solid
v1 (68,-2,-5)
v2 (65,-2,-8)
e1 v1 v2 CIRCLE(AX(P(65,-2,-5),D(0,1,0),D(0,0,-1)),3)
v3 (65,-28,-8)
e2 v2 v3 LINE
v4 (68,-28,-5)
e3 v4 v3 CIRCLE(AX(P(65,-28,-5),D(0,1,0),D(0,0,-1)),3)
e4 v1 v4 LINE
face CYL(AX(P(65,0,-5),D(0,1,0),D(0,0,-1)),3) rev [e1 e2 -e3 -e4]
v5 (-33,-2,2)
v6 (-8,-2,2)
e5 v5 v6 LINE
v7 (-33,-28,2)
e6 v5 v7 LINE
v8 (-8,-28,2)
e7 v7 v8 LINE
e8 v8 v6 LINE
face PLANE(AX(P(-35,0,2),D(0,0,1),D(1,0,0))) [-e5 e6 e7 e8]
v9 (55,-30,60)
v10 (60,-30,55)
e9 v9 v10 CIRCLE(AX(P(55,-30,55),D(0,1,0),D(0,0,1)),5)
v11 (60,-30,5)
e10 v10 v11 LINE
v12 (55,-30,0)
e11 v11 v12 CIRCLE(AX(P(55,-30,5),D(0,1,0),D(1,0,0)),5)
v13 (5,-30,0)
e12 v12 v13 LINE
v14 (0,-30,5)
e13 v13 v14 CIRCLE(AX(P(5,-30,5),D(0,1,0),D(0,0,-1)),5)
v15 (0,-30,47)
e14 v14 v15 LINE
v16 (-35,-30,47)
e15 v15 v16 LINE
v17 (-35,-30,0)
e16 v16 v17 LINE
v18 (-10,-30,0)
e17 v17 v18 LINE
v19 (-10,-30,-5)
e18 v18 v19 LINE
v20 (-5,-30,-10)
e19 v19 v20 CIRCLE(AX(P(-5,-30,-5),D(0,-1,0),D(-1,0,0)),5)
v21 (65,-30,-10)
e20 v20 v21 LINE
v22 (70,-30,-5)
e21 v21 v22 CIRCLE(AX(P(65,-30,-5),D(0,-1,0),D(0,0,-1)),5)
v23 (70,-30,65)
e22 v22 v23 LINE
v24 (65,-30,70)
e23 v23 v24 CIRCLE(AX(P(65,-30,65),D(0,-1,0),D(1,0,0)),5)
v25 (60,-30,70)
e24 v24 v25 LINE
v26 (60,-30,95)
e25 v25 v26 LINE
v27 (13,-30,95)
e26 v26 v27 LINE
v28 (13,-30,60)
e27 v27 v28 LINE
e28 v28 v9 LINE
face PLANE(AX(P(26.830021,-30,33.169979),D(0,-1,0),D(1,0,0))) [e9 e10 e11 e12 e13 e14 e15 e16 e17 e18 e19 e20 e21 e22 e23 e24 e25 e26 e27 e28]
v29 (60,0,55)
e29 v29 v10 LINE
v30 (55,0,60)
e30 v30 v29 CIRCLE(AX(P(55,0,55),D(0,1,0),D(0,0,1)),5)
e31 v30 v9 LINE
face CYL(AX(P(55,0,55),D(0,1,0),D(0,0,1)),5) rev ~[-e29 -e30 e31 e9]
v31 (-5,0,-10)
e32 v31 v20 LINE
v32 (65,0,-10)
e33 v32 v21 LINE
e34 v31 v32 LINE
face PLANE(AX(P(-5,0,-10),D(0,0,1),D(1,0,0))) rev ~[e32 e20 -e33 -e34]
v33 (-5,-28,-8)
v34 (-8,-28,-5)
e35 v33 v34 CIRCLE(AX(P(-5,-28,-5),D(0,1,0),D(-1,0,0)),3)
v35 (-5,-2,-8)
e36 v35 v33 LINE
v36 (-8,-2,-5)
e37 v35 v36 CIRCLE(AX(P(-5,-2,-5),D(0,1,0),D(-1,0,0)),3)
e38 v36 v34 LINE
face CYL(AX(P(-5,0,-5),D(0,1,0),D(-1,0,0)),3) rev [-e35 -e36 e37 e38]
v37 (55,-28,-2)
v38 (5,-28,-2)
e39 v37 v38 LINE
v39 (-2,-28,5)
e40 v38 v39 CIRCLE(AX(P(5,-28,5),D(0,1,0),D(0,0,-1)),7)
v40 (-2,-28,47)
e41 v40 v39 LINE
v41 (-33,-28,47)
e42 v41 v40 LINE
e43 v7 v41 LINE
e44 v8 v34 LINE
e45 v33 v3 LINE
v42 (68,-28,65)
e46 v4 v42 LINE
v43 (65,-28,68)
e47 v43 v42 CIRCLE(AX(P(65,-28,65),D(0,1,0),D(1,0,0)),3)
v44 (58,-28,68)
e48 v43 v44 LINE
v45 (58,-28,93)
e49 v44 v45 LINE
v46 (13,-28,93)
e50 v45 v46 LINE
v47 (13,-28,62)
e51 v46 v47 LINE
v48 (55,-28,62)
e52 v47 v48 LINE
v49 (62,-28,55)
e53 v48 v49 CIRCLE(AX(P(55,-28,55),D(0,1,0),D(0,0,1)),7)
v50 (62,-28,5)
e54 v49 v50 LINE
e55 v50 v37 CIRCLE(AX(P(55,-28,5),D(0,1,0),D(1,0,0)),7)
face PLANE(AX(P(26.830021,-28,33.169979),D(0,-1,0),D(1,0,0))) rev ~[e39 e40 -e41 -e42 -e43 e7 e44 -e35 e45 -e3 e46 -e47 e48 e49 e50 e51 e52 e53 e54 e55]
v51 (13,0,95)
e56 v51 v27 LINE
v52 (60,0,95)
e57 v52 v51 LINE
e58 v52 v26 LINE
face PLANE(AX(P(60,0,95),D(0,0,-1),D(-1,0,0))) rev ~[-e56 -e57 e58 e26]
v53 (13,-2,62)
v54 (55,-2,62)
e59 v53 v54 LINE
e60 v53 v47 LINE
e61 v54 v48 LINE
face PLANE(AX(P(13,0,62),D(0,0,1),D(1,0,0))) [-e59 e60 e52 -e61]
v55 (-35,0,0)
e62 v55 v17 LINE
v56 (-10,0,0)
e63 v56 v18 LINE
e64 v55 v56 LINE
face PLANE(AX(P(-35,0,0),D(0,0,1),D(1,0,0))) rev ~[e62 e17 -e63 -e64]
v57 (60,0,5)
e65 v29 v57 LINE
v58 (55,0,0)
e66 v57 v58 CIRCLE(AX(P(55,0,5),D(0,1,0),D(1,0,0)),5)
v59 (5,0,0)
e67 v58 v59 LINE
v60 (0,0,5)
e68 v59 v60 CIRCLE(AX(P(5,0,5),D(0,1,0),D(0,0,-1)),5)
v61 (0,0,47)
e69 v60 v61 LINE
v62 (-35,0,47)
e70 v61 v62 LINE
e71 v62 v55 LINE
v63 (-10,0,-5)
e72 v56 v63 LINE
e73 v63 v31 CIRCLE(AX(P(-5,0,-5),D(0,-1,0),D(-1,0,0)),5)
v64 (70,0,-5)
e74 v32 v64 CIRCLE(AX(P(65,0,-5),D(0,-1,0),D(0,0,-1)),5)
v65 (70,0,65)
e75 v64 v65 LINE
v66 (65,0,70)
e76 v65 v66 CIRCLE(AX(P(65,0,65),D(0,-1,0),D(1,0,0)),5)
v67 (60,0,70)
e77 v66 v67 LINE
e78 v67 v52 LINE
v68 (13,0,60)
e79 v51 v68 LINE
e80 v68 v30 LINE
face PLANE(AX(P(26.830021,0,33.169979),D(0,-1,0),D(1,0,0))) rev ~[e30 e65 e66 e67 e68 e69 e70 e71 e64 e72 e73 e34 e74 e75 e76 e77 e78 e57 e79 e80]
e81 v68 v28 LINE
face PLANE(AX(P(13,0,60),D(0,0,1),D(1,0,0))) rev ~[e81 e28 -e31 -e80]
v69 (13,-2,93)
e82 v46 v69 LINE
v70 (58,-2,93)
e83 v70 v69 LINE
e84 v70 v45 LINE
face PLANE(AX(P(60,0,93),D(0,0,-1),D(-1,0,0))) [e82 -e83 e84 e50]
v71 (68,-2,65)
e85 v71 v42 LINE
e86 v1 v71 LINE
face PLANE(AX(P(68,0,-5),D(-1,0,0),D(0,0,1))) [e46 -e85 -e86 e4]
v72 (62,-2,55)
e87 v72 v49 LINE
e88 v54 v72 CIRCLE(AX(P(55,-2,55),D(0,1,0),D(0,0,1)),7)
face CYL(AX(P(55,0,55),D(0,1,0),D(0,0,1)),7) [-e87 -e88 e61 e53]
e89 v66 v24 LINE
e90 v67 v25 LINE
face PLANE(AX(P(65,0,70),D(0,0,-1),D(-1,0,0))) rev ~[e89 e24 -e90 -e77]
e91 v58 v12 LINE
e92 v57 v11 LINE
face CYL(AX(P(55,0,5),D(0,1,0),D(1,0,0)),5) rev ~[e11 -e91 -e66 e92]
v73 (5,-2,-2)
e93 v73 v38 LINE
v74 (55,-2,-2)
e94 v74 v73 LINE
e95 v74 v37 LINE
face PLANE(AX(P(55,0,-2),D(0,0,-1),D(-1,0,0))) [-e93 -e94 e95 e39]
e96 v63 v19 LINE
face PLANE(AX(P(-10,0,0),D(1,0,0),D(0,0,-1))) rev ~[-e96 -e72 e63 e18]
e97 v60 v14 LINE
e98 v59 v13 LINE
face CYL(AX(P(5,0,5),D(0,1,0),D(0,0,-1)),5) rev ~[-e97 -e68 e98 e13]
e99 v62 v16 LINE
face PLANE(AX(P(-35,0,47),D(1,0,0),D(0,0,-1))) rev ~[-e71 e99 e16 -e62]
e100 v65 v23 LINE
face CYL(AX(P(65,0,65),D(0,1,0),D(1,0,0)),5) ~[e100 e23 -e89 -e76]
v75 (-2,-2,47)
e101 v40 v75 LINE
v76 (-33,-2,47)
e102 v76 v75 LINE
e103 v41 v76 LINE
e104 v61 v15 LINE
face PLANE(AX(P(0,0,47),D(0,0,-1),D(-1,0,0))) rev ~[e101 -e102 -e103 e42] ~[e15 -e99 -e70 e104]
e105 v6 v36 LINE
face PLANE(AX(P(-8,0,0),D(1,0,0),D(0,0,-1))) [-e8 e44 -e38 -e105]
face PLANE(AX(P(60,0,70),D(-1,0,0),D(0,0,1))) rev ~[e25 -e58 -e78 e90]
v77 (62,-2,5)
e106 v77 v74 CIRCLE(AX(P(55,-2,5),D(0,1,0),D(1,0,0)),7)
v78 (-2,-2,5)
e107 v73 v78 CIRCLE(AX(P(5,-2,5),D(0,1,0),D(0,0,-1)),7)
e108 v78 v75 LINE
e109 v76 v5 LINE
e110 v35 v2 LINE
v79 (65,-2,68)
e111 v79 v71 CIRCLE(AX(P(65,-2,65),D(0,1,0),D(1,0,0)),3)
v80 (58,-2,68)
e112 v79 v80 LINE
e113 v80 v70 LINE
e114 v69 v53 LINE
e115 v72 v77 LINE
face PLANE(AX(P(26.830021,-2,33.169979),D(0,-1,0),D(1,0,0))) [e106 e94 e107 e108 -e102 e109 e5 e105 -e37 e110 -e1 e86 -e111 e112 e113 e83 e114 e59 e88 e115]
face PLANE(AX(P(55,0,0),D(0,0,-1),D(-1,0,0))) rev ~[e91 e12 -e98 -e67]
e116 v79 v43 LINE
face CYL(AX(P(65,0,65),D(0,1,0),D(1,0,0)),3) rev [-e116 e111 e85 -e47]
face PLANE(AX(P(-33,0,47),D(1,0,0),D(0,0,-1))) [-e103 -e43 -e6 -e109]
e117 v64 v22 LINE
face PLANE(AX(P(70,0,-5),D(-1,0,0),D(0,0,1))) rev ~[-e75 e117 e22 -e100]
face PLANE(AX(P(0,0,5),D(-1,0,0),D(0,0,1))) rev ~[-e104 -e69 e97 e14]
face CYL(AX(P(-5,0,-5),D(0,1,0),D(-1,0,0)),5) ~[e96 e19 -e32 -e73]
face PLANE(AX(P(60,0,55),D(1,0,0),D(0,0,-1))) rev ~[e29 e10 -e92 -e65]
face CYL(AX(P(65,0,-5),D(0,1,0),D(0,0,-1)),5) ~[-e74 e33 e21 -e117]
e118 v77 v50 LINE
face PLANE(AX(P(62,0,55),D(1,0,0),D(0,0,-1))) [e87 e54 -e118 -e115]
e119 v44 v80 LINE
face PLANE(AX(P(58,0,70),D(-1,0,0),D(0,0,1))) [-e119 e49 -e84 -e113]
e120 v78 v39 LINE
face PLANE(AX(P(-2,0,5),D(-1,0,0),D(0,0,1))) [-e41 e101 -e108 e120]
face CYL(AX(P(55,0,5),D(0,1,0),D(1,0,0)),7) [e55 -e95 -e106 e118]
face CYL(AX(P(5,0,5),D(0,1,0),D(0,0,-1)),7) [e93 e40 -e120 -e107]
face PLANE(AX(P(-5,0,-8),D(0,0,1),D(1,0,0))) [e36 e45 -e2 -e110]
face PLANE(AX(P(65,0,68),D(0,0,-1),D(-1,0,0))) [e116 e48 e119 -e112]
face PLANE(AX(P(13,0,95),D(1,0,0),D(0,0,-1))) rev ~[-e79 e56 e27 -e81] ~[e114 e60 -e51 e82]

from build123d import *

# Parameters (mm, degrees)
F1_DEPTH = 30
F2_T     = -2
F4_W     = 31
F4_H     = 26
F5_DEPTH = 4


with BuildPart() as f1:
    # F0 (on Front) → F1 (new body)
    with BuildSketch(Plane.XZ):
        with BuildLine():
            ThreePointArc((5, 0), (1.4644660941, 1.4644660941), (0, 5))
            Line((0, 5), (0, 47))
            Line((0, 47), (-35, 47))
            Line((-35, 47), (-35, 0))
            Line((-35, 0), (-10, 0))
            Line((-10, 0), (-10, -5))
            ThreePointArc((-10, -5), (-8.5355339059, -8.5355339059), (-5, -10))
            Line((-5, -10), (65, -10))
            ThreePointArc((65, -10), (68.5355339059, -8.5355339059), (70, -5))
            Line((70, -5), (70, 65))
            ThreePointArc((70, 65), (68.5355339059, 68.5355339059), (65, 70))
            Line((65, 70), (60, 70))
            Line((60, 70), (60, 95))
            Line((60, 95), (13, 95))
            Line((13, 95), (13, 60))
            Line((13, 60), (55, 60))
            ThreePointArc((55, 60), (58.5355339059, 58.5355339059), (60, 55))
            Line((60, 55), (60, 5))
            ThreePointArc((60, 5), (58.5355339059, 1.4644660941), (55, 0))
            Line((55, 0), (5, 0))
        make_face()
    extrude(amount=F1_DEPTH)

    # F2
    f2_openings = [f1.faces().sort_by_distance(p)[0] for p in [
        (13, -15, 77.5),
    ]]
    offset(amount=F2_T, openings=f2_openings, kind=Kind.INTERSECTION)

    # F4 (on offset) → F5 (cut)
    with BuildSketch(Plane.XY.offset(47)):
        with Locations((-17.5, -15)):
            Rectangle(F4_W, F4_H)
    extrude(amount=-F5_DEPTH, mode=Mode.SUBTRACT)


solid = f1.part
